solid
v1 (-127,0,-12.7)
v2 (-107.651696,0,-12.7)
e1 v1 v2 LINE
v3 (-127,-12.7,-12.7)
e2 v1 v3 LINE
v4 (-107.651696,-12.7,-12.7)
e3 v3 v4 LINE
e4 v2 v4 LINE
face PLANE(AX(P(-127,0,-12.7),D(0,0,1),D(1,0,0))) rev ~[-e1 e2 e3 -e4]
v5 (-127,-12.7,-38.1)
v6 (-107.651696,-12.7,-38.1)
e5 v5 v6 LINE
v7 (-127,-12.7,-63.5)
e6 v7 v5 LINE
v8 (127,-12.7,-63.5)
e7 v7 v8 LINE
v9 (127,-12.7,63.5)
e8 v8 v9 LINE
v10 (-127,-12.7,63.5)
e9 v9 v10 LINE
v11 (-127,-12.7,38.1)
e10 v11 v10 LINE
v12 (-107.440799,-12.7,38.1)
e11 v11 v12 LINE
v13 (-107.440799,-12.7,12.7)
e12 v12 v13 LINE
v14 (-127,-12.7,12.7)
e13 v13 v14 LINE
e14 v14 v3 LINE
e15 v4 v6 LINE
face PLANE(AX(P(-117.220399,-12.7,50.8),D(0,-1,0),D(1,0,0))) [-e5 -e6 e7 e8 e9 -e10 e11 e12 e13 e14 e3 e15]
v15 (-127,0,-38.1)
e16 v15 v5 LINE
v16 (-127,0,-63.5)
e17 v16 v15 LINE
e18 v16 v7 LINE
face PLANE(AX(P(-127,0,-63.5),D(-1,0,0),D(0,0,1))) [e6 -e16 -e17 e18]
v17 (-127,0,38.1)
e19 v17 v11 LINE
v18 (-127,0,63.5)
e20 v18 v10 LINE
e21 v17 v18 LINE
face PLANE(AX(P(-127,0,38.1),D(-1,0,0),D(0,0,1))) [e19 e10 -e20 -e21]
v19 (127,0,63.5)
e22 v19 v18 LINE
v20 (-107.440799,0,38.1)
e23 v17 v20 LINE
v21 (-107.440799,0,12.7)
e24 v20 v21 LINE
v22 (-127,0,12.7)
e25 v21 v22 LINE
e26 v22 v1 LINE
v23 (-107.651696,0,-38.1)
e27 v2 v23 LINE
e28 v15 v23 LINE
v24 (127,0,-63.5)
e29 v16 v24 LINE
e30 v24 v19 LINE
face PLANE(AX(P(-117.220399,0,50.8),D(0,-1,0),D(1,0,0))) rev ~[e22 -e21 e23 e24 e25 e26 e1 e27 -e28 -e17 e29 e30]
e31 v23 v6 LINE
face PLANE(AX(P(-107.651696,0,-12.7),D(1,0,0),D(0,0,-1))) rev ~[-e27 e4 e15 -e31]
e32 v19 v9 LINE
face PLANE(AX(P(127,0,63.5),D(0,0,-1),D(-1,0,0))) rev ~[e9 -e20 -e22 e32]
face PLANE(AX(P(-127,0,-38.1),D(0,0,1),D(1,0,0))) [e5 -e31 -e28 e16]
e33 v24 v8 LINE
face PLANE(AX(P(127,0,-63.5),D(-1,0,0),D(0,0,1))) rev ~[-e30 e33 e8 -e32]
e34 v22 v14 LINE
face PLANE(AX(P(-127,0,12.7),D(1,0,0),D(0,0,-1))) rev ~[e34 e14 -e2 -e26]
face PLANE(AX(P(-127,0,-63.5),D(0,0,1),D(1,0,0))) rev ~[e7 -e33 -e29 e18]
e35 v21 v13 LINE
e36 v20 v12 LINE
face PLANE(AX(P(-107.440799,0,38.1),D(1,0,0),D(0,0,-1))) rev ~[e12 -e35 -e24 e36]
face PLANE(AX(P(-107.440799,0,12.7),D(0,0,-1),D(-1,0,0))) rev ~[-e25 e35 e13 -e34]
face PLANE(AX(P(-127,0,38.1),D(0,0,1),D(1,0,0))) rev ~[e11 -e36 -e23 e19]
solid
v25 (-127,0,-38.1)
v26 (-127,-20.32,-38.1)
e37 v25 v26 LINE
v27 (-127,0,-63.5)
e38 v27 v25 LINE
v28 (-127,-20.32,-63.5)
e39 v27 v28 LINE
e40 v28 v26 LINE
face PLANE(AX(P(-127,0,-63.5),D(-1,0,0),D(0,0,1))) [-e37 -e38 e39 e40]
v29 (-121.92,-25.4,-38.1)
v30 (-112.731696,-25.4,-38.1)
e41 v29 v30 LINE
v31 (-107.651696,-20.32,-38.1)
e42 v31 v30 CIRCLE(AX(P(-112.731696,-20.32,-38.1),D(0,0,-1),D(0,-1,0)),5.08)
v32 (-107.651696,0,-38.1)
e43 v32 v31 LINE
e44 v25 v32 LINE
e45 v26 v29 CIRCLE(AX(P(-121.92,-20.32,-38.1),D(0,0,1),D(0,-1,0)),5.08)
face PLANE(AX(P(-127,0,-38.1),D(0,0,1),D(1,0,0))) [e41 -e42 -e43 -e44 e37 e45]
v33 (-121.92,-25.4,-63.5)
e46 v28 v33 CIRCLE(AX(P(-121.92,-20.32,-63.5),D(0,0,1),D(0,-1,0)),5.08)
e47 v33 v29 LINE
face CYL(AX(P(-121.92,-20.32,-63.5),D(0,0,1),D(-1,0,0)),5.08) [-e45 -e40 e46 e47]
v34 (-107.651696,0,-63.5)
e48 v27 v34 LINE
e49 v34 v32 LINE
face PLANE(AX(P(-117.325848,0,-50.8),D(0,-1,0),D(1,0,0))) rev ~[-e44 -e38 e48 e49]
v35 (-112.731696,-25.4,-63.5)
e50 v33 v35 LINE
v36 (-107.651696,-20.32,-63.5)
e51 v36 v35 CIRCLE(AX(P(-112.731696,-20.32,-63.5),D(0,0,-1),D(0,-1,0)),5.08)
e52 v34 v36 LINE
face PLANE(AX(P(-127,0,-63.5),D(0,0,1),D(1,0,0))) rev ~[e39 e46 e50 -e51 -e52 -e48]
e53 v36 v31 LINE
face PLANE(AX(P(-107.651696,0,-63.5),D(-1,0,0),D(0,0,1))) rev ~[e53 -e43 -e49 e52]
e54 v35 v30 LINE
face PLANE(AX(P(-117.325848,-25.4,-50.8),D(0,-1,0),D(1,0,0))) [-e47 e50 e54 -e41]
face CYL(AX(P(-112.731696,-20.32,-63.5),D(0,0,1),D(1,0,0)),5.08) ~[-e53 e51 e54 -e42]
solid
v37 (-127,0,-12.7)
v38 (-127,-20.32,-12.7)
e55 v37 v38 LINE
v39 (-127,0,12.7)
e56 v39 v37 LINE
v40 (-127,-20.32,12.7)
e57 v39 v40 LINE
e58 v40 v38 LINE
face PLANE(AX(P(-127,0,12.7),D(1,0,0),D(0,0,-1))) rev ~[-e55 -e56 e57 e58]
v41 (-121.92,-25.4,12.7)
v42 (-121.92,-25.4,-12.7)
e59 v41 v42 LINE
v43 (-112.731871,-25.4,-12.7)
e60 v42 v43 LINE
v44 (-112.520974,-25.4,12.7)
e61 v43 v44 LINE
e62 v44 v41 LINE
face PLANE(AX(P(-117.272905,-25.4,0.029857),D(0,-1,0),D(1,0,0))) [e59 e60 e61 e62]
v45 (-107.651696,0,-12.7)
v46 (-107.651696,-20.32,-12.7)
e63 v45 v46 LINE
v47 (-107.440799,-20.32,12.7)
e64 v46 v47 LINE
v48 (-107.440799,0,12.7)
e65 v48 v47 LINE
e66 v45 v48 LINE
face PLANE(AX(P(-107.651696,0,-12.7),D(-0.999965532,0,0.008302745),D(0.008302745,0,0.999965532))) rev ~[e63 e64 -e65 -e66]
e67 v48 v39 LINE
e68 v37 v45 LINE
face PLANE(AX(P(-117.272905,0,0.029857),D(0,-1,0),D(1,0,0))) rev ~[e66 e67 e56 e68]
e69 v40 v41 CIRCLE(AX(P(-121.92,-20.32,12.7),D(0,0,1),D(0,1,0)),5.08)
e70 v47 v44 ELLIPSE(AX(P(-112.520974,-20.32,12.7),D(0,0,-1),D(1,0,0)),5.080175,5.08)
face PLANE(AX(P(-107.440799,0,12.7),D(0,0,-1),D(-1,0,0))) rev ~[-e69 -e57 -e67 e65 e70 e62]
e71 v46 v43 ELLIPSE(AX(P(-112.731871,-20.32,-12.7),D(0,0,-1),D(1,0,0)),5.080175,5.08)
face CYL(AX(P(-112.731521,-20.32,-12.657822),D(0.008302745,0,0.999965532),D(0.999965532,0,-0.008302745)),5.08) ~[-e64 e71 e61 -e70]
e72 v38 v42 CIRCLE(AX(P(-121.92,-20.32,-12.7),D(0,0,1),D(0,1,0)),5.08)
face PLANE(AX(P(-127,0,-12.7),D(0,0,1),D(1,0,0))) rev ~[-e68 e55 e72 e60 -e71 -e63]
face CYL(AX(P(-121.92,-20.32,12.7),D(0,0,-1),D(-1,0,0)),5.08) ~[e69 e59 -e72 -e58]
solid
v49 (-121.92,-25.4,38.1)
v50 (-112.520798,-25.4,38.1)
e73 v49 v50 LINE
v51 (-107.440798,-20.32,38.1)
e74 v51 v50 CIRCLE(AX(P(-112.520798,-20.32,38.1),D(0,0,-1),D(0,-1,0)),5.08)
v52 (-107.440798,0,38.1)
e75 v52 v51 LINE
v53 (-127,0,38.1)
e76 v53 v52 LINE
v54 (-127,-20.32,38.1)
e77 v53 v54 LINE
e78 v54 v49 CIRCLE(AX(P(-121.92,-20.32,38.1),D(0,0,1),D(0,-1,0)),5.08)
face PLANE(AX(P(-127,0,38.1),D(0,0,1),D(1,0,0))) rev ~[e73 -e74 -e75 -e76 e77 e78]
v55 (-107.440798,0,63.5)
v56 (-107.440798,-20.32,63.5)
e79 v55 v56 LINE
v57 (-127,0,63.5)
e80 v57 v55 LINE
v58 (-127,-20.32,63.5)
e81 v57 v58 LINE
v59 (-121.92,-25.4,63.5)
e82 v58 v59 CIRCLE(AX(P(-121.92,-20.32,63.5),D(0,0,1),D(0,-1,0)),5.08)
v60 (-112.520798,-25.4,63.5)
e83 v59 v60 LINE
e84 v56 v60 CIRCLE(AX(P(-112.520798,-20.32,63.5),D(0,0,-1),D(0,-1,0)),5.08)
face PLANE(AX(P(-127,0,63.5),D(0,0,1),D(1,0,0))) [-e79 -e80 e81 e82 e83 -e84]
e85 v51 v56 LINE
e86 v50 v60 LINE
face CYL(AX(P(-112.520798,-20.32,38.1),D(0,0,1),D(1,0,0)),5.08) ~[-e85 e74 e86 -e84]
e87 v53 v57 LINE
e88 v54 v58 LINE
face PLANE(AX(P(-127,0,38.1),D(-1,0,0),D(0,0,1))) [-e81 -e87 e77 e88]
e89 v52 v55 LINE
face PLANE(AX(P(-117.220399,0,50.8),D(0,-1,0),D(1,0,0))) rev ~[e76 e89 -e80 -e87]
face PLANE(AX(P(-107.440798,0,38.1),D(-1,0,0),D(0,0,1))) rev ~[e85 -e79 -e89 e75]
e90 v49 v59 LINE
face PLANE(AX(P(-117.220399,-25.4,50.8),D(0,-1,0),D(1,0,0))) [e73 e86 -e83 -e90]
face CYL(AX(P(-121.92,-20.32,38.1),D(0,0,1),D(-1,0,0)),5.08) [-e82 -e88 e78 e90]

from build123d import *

# Parameters (mm, degrees)
F0_W     = 19.559201
F0_H     = 25.4
F0_W_2   = 19.348304
F1_DEPTH = 25.4
F2_DEPTH = 12.7
F3_R     = 5.08


with BuildPart() as f1:
    # F0 (on Front) → F1 (new body)
    with BuildSketch(Plane.XZ):
        with Locations((-117.220399, 50.8)):
            Rectangle(F0_W, F0_H)
        Polygon((-107.651696, -12.7), (-107.440799, 12.7), (-127, 12.7), (-127, -12.7), align=None)
        with Locations((-117.325848, -50.8)):
            Rectangle(F0_W_2, F0_H)
    extrude(amount=F1_DEPTH)

    # F3
    f3_edges = [f1.edges().sort_by_distance(p)[0] for p in [
        (-107.440799, -25.4, 50.8),
        (-107.546248, -25.4, 0),
        (-107.651696, -25.4, -50.8),
        (-127, -25.4, -50.8),
        (-127, -25.4, 0),
        (-127, -25.4, 50.8),
    ]]
    fillet(f3_edges, radius=F3_R)


with BuildPart() as f2:
    # F0 (on Front) → F2 (new body)
    with BuildSketch(Plane.XZ):
        with Locations((-117.220399, 50.8)):
            Rectangle(F0_W, F0_H)
        Polygon((127, 63.5), (-107.440799, 63.5), (-107.440799, 38.1), (-107.440799, 12.7), (-107.651696, -12.7), (-107.651696, -38.1), (-107.651696, -63.5), (127, -63.5), align=None)
        Polygon((-107.651696, -12.7), (-107.440799, 12.7), (-127, 12.7), (-127, -12.7), align=None)
        with Locations((-117.325848, -50.8)):
            Rectangle(F0_W_2, F0_H)
    extrude(amount=F2_DEPTH)


solid = Compound([f1.part, f2.part])
